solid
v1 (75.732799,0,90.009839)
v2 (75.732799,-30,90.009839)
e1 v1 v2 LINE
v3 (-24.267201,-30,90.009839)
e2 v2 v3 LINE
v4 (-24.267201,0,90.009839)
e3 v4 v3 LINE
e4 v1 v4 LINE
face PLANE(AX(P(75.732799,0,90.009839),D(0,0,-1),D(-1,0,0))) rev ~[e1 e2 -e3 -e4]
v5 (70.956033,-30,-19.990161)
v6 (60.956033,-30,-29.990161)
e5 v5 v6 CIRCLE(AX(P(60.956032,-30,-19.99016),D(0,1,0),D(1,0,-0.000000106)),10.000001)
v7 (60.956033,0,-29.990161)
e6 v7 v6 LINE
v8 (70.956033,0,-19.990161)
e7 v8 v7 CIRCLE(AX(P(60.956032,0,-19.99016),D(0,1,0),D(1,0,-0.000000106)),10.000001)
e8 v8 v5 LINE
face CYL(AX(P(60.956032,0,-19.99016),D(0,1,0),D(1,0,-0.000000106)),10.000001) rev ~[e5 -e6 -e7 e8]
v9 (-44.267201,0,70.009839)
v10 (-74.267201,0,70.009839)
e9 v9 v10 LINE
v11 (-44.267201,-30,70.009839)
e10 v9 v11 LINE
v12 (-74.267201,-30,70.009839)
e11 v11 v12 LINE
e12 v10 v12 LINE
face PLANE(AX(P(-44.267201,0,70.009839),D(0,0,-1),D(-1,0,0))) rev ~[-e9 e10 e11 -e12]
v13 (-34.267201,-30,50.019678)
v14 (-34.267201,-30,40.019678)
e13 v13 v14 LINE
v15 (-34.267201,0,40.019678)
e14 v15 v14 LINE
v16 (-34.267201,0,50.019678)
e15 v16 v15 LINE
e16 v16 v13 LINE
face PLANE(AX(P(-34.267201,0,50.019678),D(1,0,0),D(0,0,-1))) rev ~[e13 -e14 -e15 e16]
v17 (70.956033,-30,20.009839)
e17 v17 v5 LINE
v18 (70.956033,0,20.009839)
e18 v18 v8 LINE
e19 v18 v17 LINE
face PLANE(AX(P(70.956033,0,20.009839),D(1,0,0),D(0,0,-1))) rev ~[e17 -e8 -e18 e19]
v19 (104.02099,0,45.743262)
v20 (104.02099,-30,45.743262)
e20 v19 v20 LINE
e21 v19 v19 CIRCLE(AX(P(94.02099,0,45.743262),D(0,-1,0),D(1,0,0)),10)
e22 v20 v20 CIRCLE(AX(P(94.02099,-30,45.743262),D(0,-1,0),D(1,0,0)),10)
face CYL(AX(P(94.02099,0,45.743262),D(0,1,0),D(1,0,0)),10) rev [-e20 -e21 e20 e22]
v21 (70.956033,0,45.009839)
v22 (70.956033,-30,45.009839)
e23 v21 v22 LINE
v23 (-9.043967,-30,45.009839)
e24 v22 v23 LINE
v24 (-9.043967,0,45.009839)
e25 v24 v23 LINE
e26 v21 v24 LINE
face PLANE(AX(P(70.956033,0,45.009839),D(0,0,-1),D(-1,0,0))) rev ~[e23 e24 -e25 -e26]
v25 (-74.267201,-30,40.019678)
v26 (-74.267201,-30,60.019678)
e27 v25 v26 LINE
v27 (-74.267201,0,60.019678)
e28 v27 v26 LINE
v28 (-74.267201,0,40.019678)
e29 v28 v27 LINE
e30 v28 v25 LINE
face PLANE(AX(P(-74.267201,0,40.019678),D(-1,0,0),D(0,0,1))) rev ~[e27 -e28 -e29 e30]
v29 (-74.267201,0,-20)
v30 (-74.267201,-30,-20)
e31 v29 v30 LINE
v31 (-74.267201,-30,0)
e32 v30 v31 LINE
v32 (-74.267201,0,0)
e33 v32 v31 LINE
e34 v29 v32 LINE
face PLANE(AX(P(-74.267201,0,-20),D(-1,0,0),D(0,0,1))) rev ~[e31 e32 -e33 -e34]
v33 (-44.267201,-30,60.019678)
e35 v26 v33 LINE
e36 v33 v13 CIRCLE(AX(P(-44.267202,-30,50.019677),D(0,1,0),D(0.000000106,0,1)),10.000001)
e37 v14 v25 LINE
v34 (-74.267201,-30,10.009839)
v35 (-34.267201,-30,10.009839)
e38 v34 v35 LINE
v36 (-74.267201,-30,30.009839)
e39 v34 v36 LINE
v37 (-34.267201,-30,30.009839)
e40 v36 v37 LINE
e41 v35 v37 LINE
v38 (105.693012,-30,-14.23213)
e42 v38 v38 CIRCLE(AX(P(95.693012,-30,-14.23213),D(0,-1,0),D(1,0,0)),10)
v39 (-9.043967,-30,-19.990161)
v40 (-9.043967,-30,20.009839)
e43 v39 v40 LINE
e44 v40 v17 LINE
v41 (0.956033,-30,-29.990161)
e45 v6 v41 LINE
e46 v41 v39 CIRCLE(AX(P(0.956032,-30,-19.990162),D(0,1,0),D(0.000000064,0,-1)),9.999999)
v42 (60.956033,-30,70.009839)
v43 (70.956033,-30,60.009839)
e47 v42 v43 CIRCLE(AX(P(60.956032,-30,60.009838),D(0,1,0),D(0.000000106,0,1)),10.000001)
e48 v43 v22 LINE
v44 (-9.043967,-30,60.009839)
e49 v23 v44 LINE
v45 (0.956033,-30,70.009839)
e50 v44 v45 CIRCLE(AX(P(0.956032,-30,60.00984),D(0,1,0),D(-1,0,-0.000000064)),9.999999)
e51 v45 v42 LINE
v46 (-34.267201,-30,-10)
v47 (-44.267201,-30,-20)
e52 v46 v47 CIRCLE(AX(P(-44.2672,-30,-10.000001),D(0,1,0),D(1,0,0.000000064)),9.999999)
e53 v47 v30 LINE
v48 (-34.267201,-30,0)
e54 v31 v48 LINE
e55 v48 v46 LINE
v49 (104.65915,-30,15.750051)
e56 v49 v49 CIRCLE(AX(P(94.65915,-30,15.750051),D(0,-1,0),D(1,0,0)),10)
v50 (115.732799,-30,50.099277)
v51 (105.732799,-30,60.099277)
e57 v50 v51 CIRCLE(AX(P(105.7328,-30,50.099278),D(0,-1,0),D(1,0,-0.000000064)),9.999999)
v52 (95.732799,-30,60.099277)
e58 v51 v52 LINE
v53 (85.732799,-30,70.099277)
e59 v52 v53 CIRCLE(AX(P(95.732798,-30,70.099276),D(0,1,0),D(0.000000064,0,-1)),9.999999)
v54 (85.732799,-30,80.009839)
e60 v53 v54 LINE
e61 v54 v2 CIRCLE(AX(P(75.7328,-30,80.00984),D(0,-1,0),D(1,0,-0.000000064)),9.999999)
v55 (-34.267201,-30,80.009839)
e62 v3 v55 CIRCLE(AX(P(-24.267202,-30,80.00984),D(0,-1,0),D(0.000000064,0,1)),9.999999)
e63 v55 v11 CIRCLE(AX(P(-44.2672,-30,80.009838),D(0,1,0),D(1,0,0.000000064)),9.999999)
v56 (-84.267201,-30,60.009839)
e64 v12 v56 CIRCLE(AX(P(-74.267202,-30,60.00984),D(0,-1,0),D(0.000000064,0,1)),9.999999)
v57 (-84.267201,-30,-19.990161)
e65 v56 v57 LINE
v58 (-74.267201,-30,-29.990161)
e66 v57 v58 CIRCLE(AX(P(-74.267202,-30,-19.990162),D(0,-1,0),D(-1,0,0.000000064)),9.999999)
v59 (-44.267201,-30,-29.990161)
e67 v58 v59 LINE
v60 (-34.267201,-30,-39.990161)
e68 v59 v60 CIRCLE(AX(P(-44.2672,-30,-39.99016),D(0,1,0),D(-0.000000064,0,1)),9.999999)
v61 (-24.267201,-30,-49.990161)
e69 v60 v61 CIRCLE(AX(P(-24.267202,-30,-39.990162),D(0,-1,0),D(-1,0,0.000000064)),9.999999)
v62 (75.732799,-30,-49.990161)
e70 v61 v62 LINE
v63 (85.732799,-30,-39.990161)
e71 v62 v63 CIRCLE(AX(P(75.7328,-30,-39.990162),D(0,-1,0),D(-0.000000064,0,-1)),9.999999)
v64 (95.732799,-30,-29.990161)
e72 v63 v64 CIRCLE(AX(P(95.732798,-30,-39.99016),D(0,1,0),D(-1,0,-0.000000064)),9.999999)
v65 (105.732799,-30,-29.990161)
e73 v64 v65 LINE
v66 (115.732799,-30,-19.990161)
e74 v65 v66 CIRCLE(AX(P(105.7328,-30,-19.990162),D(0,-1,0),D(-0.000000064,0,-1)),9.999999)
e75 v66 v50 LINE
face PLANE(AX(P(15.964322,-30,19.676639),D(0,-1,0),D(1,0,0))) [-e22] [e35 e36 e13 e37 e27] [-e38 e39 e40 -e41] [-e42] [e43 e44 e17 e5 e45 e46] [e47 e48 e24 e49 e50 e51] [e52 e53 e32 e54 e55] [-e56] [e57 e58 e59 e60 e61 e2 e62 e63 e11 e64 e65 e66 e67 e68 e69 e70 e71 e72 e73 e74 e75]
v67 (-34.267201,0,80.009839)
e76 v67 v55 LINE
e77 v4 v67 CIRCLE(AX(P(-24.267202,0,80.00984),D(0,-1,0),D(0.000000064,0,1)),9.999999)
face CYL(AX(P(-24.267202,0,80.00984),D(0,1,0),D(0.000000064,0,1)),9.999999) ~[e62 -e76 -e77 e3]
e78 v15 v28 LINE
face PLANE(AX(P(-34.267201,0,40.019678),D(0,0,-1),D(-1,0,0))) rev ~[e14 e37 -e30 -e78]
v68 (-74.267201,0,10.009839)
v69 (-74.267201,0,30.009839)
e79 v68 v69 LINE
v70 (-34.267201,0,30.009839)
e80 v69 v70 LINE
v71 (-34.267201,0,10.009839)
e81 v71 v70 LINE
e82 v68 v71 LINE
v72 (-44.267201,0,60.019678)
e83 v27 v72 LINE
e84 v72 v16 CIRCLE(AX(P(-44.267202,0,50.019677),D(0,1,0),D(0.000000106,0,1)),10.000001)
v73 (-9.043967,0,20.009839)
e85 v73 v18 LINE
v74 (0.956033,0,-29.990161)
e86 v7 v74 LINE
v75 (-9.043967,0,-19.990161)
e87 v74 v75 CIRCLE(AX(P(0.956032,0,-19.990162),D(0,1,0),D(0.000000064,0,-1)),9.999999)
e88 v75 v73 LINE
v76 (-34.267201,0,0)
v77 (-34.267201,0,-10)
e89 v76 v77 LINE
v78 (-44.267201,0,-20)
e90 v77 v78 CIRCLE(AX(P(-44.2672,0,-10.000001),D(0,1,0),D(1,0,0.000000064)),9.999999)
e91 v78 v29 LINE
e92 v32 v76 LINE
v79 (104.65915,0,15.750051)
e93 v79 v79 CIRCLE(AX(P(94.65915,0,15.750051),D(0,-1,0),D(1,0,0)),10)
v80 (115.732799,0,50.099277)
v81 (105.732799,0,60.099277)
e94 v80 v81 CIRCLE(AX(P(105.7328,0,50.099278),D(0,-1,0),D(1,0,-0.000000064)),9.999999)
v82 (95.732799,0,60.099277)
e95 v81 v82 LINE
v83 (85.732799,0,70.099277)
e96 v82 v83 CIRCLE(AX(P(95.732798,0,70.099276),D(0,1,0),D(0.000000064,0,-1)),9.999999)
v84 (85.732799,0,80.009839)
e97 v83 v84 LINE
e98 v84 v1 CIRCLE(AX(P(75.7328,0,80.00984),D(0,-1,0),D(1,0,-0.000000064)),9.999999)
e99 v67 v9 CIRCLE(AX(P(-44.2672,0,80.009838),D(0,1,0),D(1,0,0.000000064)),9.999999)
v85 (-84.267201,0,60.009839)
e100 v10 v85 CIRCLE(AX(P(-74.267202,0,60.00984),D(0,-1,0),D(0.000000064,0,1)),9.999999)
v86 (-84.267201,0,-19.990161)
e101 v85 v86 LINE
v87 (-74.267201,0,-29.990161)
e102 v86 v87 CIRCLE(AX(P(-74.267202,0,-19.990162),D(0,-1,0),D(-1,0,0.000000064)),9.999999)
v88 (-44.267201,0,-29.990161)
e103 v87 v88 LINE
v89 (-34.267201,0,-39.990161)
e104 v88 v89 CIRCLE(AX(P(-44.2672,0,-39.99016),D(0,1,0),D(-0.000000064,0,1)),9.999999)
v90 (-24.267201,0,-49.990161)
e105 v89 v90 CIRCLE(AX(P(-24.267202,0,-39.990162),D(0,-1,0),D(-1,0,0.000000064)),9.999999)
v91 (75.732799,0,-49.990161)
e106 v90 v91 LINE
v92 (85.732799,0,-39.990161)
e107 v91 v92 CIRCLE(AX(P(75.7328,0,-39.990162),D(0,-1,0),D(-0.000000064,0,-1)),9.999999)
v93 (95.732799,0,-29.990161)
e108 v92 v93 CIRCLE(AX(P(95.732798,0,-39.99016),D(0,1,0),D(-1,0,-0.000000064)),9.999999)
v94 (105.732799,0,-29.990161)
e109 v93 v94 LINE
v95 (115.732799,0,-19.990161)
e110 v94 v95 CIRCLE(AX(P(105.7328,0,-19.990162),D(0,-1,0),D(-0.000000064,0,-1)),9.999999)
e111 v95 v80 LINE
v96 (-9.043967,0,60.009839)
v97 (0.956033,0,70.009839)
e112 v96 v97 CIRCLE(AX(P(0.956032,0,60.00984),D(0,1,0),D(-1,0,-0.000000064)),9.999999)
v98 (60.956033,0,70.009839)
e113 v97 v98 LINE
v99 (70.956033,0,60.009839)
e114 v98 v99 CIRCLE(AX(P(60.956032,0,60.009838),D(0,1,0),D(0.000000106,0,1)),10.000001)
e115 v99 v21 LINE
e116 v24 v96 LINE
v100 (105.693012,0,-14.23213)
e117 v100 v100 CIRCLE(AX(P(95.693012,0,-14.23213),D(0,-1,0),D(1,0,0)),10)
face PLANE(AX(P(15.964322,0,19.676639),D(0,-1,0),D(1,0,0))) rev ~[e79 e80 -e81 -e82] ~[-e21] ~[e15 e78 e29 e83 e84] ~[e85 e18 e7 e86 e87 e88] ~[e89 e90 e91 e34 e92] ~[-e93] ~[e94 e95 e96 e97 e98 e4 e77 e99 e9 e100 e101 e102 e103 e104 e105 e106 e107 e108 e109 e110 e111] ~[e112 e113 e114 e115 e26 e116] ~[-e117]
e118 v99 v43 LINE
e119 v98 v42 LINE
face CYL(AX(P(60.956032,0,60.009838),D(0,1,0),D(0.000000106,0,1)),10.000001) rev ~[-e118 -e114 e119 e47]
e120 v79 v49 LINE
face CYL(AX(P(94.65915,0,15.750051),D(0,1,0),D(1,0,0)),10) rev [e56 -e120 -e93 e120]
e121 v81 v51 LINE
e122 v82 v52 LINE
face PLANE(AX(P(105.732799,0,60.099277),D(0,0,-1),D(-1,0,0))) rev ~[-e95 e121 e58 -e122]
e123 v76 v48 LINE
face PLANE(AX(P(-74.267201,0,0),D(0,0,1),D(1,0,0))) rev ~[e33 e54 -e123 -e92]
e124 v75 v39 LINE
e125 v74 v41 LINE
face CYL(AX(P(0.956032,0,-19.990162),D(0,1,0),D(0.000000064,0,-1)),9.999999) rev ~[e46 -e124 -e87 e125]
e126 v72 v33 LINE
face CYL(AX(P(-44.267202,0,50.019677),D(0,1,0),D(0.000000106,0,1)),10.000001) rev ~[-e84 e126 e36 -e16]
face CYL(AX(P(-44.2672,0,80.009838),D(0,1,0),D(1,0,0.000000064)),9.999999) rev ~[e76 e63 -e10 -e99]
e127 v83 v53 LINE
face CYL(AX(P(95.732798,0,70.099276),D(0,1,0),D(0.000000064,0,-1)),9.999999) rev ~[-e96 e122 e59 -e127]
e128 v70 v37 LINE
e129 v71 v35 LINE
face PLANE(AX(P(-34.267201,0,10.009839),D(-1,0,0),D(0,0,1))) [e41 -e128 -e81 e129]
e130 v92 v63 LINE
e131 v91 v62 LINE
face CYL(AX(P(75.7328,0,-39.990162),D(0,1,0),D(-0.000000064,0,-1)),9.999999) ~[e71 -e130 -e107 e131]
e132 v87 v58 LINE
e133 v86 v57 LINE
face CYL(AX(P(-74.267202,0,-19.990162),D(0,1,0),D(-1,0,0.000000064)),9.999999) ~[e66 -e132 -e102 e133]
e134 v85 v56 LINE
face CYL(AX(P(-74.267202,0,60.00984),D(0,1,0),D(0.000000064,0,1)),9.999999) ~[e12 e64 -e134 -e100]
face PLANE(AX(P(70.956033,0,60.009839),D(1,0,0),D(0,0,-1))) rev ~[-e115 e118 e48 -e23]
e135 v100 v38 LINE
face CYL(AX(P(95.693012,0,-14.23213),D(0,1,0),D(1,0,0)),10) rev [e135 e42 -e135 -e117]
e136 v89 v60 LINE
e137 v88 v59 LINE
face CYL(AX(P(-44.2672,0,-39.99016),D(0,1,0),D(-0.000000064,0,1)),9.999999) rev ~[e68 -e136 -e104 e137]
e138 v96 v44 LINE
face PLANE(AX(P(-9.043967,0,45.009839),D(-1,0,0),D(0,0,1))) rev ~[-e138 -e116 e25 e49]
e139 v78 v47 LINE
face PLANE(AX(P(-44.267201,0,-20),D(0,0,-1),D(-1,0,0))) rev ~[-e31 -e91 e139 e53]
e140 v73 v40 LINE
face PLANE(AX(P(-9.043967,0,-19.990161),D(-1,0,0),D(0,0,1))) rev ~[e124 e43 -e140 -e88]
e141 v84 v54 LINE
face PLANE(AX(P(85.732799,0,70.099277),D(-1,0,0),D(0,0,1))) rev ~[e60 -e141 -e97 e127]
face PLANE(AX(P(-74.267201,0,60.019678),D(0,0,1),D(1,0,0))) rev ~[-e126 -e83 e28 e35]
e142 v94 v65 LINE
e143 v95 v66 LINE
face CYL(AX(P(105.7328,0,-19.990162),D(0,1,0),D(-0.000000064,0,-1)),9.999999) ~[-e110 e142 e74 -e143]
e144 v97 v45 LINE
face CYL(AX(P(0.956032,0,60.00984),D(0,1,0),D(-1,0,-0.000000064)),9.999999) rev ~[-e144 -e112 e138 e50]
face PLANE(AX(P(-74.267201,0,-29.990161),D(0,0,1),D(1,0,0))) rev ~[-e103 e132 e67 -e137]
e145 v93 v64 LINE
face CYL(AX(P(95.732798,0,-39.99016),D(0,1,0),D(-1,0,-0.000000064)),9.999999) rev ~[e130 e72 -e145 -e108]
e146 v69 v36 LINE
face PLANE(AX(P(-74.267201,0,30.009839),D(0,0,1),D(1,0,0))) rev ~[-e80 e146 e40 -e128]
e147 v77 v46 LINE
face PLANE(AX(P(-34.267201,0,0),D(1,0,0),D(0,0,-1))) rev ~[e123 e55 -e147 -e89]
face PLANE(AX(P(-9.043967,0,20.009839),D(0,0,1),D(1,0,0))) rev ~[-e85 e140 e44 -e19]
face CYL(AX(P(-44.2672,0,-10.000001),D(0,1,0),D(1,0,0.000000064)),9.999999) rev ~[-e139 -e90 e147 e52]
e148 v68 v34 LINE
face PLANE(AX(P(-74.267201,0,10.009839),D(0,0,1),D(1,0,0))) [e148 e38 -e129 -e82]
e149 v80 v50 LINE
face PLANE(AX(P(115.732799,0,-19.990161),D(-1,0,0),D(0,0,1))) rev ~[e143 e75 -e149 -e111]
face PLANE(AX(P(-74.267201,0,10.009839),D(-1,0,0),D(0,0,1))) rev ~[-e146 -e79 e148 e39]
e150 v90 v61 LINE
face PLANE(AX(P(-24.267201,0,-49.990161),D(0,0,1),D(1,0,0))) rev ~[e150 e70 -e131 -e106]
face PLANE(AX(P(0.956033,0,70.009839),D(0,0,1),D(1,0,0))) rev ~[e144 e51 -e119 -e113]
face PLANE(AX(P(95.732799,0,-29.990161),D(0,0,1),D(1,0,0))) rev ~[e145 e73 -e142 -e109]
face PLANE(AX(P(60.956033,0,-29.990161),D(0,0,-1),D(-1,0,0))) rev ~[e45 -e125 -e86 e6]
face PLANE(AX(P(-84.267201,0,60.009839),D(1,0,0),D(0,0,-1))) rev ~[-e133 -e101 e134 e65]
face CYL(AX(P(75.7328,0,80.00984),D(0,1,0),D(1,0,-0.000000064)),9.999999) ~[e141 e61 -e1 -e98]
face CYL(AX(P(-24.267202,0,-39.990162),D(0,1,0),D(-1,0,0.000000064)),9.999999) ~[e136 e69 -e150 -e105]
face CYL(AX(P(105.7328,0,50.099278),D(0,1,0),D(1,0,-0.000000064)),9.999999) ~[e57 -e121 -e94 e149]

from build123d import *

# Parameters (mm, degrees)
F0_R     = 10
F0_W     = 40
F0_H     = 20
F1_DEPTH = 30


with BuildPart() as f1:
    # F0 (on Front) → F1 (new body)
    with BuildSketch(Plane.XZ):
        with BuildLine():
            Line((75.732799, 90.009839), (-24.267201, 90.009839))
            ThreePointArc((-24.267201, 90.009839), (-31.338269, 87.080907), (-34.267201, 80.009839))
            ThreePointArc((-34.267201, 80.009839), (-37.196133, 72.938771), (-44.267201, 70.009839))
            Line((-44.267201, 70.009839), (-74.267201, 70.009839))
            ThreePointArc((-74.267201, 70.009839), (-81.338269, 67.080907), (-84.267201, 60.009839))
            Line((-84.267201, 60.009839), (-84.267201, -19.990161))
            ThreePointArc((-84.267201, -19.990161), (-81.338269, -27.061229), (-74.267201, -29.990161))
            Line((-74.267201, -29.990161), (-44.267201, -29.990161))
            ThreePointArc((-44.267201, -29.990161), (-37.196133, -32.919093), (-34.267201, -39.990161))
            ThreePointArc((-34.267201, -39.990161), (-31.338269, -47.061229), (-24.267201, -49.990161))
            Line((-24.267201, -49.990161), (75.732799, -49.990161))
            ThreePointArc((75.732799, -49.990161), (82.803867, -47.061229), (85.732799, -39.990161))
            ThreePointArc((85.732799, -39.990161), (88.661731, -32.919093), (95.732799, -29.990161))
            Line((95.732799, -29.990161), (105.732799, -29.990161))
            ThreePointArc((105.732799, -29.990161), (112.803867, -27.061229), (115.732799, -19.990161))
            Line((115.732799, -19.990161), (115.732799, 50.099277))
            ThreePointArc((115.732799, 50.099277), (112.803867, 57.170345), (105.732799, 60.099277))
            Line((105.732799, 60.099277), (95.732799, 60.099277))
            ThreePointArc((95.732799, 60.099277), (88.661731, 63.028209), (85.732799, 70.099277))
            Line((85.732799, 70.099277), (85.732799, 80.009839))
            ThreePointArc((85.732799, 80.009839), (82.803867, 87.080907), (75.732799, 90.009839))
        make_face()
        with BuildLine():
            Line((-44.267201, -20), (-74.267201, -20))
            Line((-74.267201, -20), (-74.267201, 0))
            Line((-74.267201, 0), (-34.267201, 0))
            Line((-34.267201, 0), (-34.267201, -10))
            ThreePointArc((-34.267201, -10), (-37.196133, -17.071068), (-44.267201, -20))
        make_face(mode=Mode.SUBTRACT)
        with BuildLine():
            ThreePointArc((70.956033, -19.990161), (68.0271, -27.061229), (60.956033, -29.990161))
            Line((60.956033, -29.990161), (0.956033, -29.990161))
            ThreePointArc((0.956033, -29.990161), (-6.115035, -27.061229), (-9.043967, -19.990161))
            Line((-9.043967, -19.990161), (-9.043967, 20.009839))
            Line((-9.043967, 20.009839), (70.956033, 20.009839))
            Line((70.956033, 20.009839), (70.956033, -19.990161))
        make_face(mode=Mode.SUBTRACT)
        with Locations((95.693012, -14.23213)):
            Circle(F0_R, mode=Mode.SUBTRACT)
        with Locations((94.65915, 15.750051)):
            Circle(F0_R, mode=Mode.SUBTRACT)
        with Locations((-54.267201, 20.009839)):
            Rectangle(F0_W, F0_H, mode=Mode.SUBTRACT)
        with BuildLine():
            Line((-74.267201, 40.019678), (-74.267201, 60.019678))
            Line((-74.267201, 60.019678), (-44.267201, 60.019678))
            ThreePointArc((-44.267201, 60.019678), (-37.196133, 57.090745), (-34.267201, 50.019678))
            Line((-34.267201, 50.019678), (-34.267201, 40.019678))
            Line((-34.267201, 40.019678), (-74.267201, 40.019678))
        make_face(mode=Mode.SUBTRACT)
        with Locations((94.02099, 45.743262)):
            Circle(F0_R, mode=Mode.SUBTRACT)
        with BuildLine():
            ThreePointArc((-9.043967, 60.009839), (-6.115035, 67.080907), (0.956033, 70.009839))
            Line((0.956033, 70.009839), (60.956033, 70.009839))
            ThreePointArc((60.956033, 70.009839), (68.0271, 67.080907), (70.956033, 60.009839))
            Line((70.956033, 60.009839), (70.956033, 45.009839))
            Line((70.956033, 45.009839), (-9.043967, 45.009839))
            Line((-9.043967, 45.009839), (-9.043967, 60.009839))
        make_face(mode=Mode.SUBTRACT)
    extrude(amount=F1_DEPTH)


solid = f1.part
